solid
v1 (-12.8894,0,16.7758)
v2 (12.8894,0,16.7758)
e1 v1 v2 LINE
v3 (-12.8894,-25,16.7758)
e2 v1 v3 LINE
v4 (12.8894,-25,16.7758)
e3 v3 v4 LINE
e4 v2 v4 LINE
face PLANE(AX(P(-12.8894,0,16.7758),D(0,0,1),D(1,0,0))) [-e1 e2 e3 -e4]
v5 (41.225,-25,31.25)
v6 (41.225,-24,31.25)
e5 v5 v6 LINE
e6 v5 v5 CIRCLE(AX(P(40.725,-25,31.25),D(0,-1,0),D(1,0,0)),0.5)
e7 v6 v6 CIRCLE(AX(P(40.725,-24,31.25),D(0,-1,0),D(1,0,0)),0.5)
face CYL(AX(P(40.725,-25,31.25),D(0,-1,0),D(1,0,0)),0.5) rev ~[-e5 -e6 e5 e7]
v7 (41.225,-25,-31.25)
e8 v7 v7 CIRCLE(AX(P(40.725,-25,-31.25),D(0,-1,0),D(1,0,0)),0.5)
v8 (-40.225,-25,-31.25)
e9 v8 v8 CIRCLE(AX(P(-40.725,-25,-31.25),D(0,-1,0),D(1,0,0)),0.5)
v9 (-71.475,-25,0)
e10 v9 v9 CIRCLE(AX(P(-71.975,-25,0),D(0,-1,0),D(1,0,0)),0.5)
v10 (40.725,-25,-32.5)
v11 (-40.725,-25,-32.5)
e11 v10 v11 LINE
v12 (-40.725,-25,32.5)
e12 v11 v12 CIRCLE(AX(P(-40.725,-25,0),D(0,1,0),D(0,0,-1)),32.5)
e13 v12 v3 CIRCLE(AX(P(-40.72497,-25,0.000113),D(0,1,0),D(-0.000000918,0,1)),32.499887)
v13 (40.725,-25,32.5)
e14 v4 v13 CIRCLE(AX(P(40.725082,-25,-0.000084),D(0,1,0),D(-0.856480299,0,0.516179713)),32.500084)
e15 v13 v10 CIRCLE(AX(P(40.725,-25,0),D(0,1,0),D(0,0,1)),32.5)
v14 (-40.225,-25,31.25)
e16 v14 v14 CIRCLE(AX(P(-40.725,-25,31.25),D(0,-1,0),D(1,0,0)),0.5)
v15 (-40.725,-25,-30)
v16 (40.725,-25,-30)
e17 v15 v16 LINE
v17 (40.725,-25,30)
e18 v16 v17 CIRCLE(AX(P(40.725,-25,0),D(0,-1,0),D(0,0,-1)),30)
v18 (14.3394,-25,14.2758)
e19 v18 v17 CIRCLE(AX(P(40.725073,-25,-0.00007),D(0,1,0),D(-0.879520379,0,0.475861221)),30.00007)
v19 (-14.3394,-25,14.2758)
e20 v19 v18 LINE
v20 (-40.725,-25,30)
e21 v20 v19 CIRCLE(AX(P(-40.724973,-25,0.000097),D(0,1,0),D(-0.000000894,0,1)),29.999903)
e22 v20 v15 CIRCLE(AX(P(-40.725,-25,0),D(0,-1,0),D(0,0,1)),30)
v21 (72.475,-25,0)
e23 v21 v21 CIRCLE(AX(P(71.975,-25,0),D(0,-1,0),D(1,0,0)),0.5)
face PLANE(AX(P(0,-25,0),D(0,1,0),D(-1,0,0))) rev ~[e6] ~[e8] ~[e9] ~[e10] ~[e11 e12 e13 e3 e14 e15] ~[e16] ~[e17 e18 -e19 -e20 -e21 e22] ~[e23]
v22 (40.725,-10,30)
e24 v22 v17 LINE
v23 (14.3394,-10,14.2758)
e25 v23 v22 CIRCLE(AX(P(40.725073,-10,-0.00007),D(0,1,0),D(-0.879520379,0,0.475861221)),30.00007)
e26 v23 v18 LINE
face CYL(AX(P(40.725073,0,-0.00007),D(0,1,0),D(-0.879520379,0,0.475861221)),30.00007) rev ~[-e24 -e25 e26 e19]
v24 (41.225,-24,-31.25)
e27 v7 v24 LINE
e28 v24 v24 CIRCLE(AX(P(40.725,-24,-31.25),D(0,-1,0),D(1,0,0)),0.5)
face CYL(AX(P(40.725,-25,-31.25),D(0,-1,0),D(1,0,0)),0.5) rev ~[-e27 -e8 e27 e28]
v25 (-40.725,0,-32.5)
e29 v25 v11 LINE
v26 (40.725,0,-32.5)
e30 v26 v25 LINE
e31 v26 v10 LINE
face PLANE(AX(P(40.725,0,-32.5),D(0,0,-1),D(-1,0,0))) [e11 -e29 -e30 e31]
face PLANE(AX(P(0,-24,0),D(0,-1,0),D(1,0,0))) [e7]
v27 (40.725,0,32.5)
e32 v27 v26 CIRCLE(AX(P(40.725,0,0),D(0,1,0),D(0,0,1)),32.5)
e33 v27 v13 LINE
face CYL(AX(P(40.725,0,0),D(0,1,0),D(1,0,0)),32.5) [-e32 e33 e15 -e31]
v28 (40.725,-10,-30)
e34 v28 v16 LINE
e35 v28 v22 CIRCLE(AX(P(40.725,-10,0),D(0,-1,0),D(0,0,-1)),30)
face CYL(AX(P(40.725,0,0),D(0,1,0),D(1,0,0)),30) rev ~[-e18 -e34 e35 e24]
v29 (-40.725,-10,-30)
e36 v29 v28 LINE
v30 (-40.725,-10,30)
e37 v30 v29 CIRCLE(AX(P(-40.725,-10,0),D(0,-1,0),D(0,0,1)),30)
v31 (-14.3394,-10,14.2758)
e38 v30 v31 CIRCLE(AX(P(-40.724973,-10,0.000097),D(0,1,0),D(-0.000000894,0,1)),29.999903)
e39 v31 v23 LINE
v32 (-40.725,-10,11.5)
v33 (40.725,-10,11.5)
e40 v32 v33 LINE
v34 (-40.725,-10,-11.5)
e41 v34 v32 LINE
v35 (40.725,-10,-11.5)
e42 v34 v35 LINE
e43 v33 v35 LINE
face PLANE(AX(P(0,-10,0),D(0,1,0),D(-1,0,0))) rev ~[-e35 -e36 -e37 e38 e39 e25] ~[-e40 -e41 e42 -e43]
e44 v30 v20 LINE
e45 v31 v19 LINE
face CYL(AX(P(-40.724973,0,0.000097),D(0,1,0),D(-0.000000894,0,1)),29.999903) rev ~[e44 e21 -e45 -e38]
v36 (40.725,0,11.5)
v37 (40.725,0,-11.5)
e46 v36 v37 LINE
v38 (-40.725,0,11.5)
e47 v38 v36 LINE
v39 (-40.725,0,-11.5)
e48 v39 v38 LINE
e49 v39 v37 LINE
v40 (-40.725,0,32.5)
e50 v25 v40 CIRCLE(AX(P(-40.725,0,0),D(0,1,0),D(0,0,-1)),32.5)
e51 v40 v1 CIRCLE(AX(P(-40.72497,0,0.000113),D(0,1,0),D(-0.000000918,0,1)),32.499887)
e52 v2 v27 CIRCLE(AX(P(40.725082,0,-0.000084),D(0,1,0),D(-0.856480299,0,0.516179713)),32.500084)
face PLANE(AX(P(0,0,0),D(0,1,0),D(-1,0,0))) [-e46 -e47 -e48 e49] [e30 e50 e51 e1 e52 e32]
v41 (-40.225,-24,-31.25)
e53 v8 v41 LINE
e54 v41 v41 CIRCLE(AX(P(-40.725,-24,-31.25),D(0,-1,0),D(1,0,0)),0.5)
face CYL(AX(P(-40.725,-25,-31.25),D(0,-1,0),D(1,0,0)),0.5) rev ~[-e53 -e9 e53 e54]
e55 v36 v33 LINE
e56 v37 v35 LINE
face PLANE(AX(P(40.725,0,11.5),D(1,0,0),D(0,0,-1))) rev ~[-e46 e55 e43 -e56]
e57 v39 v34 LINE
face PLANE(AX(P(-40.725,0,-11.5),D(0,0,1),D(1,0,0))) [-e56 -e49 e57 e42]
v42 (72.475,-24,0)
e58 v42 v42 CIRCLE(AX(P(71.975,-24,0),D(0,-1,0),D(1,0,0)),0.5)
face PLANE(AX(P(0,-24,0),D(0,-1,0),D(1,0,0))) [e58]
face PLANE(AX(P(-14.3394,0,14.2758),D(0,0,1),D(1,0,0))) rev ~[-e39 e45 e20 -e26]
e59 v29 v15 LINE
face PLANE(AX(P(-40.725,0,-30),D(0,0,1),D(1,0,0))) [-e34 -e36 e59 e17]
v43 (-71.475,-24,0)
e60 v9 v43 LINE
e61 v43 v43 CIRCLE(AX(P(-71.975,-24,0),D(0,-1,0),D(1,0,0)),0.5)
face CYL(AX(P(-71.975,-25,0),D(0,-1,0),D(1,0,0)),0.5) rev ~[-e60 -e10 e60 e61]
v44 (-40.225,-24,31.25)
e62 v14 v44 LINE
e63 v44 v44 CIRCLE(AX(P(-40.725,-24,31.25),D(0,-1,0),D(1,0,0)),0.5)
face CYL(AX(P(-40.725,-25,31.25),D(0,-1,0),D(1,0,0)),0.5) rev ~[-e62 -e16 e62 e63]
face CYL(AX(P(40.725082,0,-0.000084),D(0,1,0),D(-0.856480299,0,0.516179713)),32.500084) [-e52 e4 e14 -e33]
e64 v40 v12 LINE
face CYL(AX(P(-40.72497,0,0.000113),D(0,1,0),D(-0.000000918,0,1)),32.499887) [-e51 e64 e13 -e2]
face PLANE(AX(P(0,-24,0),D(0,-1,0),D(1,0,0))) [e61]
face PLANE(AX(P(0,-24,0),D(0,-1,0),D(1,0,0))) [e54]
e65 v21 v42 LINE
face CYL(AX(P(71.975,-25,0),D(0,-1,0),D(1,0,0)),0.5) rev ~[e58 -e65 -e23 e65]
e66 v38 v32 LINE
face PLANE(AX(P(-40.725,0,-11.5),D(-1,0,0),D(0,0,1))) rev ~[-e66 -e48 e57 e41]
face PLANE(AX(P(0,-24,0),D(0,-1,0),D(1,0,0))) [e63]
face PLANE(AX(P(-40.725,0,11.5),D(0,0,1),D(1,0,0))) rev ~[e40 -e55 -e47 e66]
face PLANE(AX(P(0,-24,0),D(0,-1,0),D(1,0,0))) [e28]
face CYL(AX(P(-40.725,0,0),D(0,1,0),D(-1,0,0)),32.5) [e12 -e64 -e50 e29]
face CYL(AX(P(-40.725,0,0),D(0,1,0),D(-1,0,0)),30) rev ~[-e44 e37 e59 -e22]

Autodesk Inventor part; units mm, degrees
ref_plane "YZ Plane" through (0, 0, 0) normal (1, 0, 0) x (0, 1, 0)
ref_plane "XZ Plane" through (0, 0, 0) normal (0, 1, 0) x (-1, 0, 0)
sketch "Sketch1" plane through (0, 0, 0) normal (0, 1, 0) x (-1, 0, 0)
  line L0 (0, 0) -> (0, -22.1379) construction
  line L1 (0, 0) -> (0, 22.1379) construction
  line L2 (0, 0) -> (40.725, 0) construction
  line L3 (0, 0) -> (-40.725, 0) construction
  circle A0 centre (-40.725, 0) radius 30 construction
  circle A1 centre (-40.725, 0) radius 32.5 construction
  circle A2 centre (40.725, 0) radius 30 construction
  circle A3 centre (40.725, 0) radius 32.5 construction
  line L4 (40.725, -30) -> (40.725, 30) construction
  line L5 (40.725, -30) -> (40.725, -32.5) construction
  line L6 (40.725, 30) -> (40.725, 32.5) construction
  line L7 (-40.725, 30) -> (-40.725, -30) construction
  line L8 (-40.725, -32.5) -> (-40.725, -30) construction
  line L9 (-40.725, 30) -> (-40.725, 32.5) construction
  line L10 (40.725, -32.5) -> (-40.725, -32.5) construction
  line L11 (40.725, -30) -> (-40.725, -30) construction
  line L12 (40.725, 32.5) -> (40.725, 14.2758) construction
  line L13 (40.725, 14.2758) -> (-40.725, 14.2758) construction
  line L14 (40.725, 32.5) -> (40.725, 16.7758) construction
  line L15 (40.725, 16.7758) -> (-40.725, 16.7758) construction
  arc A4 (40.725, -30) -> (70.725, 0) centre (40.725, 0) ccw
  arc A5 (70.725, 0) -> (40.725, 30) centre (40.725, 0) ccw
  arc A6 (40.725, 32.5) -> (12.8894, 16.7758) centre (40.725, 0) ccw
  arc A7 (73.225, 0) -> (40.725, 32.5) centre (40.725, 0) ccw
  arc A8 (40.725, -32.5) -> (73.225, 0) centre (40.725, 0) ccw
  line L16 (40.725, -30) -> (-40.725, -30)
  line L17 (-40.725, -32.5) -> (40.725, -32.5)
  line L18 (12.8894, 16.7758) -> (-12.8894, 16.7758)
  line L19 (14.3394, 14.2758) -> (-14.3394, 14.2758)
  arc A9 (40.725, 30) -> (14.3394, 14.2758) centre (40.725, 0) ccw
  arc A10 (-12.8894, 16.7758) -> (-40.725, 32.5) centre (-40.725, 0) ccw
  arc A11 (-14.3394, 14.2758) -> (-40.725, 30) centre (-40.725, 0) ccw
  arc A12 (-40.725, 30) -> (-70.725, 0) centre (-40.725, 0) ccw
  arc A13 (-40.725, 32.5) -> (-73.225, 0) centre (-40.725, 0) ccw
  arc A14 (-70.725, 0) -> (-40.725, -30) centre (-40.725, 0) ccw
  arc A15 (-73.225, 0) -> (-40.725, -32.5) centre (-40.725, 0) ccw
  line L20 (0, 0) -> (39, 0) construction
  line L21 (0, 0) -> (-39, 0) construction
  line L22 (40.725, 0) -> (40.725, -11.5) construction
  line L23 (40.725, 0) -> (40.725, 11.5) construction
  line L24 (-40.725, 0) -> (-40.725, -11.5) construction
  line L25 (-40.725, 0) -> (-40.725, 11.5) construction
  line L26 (40.725, -11.5) -> (-40.725, -11.5)
  line L27 (40.725, 11.5) -> (-40.725, 11.5)
  line L28 (-40.725, 11.5) -> (-40.725, -11.5)
  line L29 (40.725, -11.5) -> (40.725, 11.5)
  dimension "d0" = 22.1379
  dimension "d1" = 22.1379
  dimension "d2" = 40.725
  dimension "d3" = 40.725
  dimension "d4" = 60
  dimension "d5" = 65
  dimension "d6" = 60
  dimension "d7" = 65
  dimension "d8" = 18.2242
  dimension "d9" = 15.7241
  dimension "d10" = 39
  dimension "d11" = 39
  dimension "d12" = 11.5
  dimension "d13" = 11.5
  dimension "d14" = 11.5
  dimension "d15" = 11.5
extrude "Extrusion1" add sketch "Sketch1" against normal blind 10 contours L16 A14 A12 A11 L19 A9 A5 A4
extrude "Extrusion2" add sketch "Sketch1" against normal blind 25 contours A7 A8 L17 A15 A13 A10 L18 A6
ref_plane "Work Plane1" through (0, -25, 0) normal (0, -1, 0) x (1, 0, 0)
sketch "Sketch2" plane through (0, -25, 0) normal (0, -1, 0) x (1, 0, 0)
  arc A0 (-14.3394, 14.2758) -> (-40.725, -30) centre (-40.725, 0) ccw projected
  arc A1 (-12.8894, 16.7758) -> (-40.725, -32.5) centre (-40.725, 0) ccw projected
  arc A2 (40.725, -32.5) -> (12.8894, 16.7758) centre (40.725, 0) ccw projected
  arc A3 (40.725, -30) -> (14.3394, 14.2758) centre (40.725, 0) ccw projected
  line L0 (-14.3394, 14.2758) -> (14.3394, 14.2758) projected
  line L1 (12.8894, 16.7758) -> (-12.8894, 16.7758) projected
  line L2 (40.725, -30) -> (-40.725, -30) projected
  line L3 (-40.725, -32.5) -> (40.725, -32.5) projected
  line L4 (-40.725, 30) -> (-40.725, -30) construction
  line L5 (-40.725, 30) -> (-40.725, 32.5) construction
  line L6 (-40.725, -30) -> (-40.725, -32.5) construction
  line L7 (40.725, 30) -> (40.725, -30) construction
  line L8 (40.725, 30) -> (40.725, 32.5) construction
  line L9 (40.725, -30) -> (40.725, -32.5) construction
  line L10 (-70.725, 0) -> (70.725, 0) construction
  line L11 (70.725, 0) -> (73.225, 0) construction
  line L12 (-73.225, 0) -> (-70.725, 0) construction
  line L13 (0, 14.2758) -> (0, -30) construction
  line L14 (0, -30) -> (0, -32.5) construction
  line L15 (0, 14.2758) -> (0, 16.7758) construction
  circle A4 centre (71.975, 0) radius 0.5
  circle A5 centre (40.725, -31.25) radius 0.5
  circle A6 centre (40.725, 31.25) radius 0.5
  circle A7 centre (0, 15.5258) radius 0.5
  circle A8 centre (-40.725, 31.25) radius 0.5
  circle A9 centre (-71.975, 0) radius 0.5
  circle A10 centre (-40.725, -31.25) radius 0.5
  point P0 (0, 0)
  dimension "d21" = 1
  dimension "d22" = 1
  dimension "d23" = 1
  dimension "d24" = 1
  dimension "d25" = 1
  dimension "d26" = 1
  dimension "d27" = 1
extrude "Extrusion3" cut sketch "Sketch2" against normal blind 1 contours A4 | A5 | A6 | A8 | A9 | A10
equation "\"d28\" = d22"
properties part number "con_v8_d1_back_3DPrint"
